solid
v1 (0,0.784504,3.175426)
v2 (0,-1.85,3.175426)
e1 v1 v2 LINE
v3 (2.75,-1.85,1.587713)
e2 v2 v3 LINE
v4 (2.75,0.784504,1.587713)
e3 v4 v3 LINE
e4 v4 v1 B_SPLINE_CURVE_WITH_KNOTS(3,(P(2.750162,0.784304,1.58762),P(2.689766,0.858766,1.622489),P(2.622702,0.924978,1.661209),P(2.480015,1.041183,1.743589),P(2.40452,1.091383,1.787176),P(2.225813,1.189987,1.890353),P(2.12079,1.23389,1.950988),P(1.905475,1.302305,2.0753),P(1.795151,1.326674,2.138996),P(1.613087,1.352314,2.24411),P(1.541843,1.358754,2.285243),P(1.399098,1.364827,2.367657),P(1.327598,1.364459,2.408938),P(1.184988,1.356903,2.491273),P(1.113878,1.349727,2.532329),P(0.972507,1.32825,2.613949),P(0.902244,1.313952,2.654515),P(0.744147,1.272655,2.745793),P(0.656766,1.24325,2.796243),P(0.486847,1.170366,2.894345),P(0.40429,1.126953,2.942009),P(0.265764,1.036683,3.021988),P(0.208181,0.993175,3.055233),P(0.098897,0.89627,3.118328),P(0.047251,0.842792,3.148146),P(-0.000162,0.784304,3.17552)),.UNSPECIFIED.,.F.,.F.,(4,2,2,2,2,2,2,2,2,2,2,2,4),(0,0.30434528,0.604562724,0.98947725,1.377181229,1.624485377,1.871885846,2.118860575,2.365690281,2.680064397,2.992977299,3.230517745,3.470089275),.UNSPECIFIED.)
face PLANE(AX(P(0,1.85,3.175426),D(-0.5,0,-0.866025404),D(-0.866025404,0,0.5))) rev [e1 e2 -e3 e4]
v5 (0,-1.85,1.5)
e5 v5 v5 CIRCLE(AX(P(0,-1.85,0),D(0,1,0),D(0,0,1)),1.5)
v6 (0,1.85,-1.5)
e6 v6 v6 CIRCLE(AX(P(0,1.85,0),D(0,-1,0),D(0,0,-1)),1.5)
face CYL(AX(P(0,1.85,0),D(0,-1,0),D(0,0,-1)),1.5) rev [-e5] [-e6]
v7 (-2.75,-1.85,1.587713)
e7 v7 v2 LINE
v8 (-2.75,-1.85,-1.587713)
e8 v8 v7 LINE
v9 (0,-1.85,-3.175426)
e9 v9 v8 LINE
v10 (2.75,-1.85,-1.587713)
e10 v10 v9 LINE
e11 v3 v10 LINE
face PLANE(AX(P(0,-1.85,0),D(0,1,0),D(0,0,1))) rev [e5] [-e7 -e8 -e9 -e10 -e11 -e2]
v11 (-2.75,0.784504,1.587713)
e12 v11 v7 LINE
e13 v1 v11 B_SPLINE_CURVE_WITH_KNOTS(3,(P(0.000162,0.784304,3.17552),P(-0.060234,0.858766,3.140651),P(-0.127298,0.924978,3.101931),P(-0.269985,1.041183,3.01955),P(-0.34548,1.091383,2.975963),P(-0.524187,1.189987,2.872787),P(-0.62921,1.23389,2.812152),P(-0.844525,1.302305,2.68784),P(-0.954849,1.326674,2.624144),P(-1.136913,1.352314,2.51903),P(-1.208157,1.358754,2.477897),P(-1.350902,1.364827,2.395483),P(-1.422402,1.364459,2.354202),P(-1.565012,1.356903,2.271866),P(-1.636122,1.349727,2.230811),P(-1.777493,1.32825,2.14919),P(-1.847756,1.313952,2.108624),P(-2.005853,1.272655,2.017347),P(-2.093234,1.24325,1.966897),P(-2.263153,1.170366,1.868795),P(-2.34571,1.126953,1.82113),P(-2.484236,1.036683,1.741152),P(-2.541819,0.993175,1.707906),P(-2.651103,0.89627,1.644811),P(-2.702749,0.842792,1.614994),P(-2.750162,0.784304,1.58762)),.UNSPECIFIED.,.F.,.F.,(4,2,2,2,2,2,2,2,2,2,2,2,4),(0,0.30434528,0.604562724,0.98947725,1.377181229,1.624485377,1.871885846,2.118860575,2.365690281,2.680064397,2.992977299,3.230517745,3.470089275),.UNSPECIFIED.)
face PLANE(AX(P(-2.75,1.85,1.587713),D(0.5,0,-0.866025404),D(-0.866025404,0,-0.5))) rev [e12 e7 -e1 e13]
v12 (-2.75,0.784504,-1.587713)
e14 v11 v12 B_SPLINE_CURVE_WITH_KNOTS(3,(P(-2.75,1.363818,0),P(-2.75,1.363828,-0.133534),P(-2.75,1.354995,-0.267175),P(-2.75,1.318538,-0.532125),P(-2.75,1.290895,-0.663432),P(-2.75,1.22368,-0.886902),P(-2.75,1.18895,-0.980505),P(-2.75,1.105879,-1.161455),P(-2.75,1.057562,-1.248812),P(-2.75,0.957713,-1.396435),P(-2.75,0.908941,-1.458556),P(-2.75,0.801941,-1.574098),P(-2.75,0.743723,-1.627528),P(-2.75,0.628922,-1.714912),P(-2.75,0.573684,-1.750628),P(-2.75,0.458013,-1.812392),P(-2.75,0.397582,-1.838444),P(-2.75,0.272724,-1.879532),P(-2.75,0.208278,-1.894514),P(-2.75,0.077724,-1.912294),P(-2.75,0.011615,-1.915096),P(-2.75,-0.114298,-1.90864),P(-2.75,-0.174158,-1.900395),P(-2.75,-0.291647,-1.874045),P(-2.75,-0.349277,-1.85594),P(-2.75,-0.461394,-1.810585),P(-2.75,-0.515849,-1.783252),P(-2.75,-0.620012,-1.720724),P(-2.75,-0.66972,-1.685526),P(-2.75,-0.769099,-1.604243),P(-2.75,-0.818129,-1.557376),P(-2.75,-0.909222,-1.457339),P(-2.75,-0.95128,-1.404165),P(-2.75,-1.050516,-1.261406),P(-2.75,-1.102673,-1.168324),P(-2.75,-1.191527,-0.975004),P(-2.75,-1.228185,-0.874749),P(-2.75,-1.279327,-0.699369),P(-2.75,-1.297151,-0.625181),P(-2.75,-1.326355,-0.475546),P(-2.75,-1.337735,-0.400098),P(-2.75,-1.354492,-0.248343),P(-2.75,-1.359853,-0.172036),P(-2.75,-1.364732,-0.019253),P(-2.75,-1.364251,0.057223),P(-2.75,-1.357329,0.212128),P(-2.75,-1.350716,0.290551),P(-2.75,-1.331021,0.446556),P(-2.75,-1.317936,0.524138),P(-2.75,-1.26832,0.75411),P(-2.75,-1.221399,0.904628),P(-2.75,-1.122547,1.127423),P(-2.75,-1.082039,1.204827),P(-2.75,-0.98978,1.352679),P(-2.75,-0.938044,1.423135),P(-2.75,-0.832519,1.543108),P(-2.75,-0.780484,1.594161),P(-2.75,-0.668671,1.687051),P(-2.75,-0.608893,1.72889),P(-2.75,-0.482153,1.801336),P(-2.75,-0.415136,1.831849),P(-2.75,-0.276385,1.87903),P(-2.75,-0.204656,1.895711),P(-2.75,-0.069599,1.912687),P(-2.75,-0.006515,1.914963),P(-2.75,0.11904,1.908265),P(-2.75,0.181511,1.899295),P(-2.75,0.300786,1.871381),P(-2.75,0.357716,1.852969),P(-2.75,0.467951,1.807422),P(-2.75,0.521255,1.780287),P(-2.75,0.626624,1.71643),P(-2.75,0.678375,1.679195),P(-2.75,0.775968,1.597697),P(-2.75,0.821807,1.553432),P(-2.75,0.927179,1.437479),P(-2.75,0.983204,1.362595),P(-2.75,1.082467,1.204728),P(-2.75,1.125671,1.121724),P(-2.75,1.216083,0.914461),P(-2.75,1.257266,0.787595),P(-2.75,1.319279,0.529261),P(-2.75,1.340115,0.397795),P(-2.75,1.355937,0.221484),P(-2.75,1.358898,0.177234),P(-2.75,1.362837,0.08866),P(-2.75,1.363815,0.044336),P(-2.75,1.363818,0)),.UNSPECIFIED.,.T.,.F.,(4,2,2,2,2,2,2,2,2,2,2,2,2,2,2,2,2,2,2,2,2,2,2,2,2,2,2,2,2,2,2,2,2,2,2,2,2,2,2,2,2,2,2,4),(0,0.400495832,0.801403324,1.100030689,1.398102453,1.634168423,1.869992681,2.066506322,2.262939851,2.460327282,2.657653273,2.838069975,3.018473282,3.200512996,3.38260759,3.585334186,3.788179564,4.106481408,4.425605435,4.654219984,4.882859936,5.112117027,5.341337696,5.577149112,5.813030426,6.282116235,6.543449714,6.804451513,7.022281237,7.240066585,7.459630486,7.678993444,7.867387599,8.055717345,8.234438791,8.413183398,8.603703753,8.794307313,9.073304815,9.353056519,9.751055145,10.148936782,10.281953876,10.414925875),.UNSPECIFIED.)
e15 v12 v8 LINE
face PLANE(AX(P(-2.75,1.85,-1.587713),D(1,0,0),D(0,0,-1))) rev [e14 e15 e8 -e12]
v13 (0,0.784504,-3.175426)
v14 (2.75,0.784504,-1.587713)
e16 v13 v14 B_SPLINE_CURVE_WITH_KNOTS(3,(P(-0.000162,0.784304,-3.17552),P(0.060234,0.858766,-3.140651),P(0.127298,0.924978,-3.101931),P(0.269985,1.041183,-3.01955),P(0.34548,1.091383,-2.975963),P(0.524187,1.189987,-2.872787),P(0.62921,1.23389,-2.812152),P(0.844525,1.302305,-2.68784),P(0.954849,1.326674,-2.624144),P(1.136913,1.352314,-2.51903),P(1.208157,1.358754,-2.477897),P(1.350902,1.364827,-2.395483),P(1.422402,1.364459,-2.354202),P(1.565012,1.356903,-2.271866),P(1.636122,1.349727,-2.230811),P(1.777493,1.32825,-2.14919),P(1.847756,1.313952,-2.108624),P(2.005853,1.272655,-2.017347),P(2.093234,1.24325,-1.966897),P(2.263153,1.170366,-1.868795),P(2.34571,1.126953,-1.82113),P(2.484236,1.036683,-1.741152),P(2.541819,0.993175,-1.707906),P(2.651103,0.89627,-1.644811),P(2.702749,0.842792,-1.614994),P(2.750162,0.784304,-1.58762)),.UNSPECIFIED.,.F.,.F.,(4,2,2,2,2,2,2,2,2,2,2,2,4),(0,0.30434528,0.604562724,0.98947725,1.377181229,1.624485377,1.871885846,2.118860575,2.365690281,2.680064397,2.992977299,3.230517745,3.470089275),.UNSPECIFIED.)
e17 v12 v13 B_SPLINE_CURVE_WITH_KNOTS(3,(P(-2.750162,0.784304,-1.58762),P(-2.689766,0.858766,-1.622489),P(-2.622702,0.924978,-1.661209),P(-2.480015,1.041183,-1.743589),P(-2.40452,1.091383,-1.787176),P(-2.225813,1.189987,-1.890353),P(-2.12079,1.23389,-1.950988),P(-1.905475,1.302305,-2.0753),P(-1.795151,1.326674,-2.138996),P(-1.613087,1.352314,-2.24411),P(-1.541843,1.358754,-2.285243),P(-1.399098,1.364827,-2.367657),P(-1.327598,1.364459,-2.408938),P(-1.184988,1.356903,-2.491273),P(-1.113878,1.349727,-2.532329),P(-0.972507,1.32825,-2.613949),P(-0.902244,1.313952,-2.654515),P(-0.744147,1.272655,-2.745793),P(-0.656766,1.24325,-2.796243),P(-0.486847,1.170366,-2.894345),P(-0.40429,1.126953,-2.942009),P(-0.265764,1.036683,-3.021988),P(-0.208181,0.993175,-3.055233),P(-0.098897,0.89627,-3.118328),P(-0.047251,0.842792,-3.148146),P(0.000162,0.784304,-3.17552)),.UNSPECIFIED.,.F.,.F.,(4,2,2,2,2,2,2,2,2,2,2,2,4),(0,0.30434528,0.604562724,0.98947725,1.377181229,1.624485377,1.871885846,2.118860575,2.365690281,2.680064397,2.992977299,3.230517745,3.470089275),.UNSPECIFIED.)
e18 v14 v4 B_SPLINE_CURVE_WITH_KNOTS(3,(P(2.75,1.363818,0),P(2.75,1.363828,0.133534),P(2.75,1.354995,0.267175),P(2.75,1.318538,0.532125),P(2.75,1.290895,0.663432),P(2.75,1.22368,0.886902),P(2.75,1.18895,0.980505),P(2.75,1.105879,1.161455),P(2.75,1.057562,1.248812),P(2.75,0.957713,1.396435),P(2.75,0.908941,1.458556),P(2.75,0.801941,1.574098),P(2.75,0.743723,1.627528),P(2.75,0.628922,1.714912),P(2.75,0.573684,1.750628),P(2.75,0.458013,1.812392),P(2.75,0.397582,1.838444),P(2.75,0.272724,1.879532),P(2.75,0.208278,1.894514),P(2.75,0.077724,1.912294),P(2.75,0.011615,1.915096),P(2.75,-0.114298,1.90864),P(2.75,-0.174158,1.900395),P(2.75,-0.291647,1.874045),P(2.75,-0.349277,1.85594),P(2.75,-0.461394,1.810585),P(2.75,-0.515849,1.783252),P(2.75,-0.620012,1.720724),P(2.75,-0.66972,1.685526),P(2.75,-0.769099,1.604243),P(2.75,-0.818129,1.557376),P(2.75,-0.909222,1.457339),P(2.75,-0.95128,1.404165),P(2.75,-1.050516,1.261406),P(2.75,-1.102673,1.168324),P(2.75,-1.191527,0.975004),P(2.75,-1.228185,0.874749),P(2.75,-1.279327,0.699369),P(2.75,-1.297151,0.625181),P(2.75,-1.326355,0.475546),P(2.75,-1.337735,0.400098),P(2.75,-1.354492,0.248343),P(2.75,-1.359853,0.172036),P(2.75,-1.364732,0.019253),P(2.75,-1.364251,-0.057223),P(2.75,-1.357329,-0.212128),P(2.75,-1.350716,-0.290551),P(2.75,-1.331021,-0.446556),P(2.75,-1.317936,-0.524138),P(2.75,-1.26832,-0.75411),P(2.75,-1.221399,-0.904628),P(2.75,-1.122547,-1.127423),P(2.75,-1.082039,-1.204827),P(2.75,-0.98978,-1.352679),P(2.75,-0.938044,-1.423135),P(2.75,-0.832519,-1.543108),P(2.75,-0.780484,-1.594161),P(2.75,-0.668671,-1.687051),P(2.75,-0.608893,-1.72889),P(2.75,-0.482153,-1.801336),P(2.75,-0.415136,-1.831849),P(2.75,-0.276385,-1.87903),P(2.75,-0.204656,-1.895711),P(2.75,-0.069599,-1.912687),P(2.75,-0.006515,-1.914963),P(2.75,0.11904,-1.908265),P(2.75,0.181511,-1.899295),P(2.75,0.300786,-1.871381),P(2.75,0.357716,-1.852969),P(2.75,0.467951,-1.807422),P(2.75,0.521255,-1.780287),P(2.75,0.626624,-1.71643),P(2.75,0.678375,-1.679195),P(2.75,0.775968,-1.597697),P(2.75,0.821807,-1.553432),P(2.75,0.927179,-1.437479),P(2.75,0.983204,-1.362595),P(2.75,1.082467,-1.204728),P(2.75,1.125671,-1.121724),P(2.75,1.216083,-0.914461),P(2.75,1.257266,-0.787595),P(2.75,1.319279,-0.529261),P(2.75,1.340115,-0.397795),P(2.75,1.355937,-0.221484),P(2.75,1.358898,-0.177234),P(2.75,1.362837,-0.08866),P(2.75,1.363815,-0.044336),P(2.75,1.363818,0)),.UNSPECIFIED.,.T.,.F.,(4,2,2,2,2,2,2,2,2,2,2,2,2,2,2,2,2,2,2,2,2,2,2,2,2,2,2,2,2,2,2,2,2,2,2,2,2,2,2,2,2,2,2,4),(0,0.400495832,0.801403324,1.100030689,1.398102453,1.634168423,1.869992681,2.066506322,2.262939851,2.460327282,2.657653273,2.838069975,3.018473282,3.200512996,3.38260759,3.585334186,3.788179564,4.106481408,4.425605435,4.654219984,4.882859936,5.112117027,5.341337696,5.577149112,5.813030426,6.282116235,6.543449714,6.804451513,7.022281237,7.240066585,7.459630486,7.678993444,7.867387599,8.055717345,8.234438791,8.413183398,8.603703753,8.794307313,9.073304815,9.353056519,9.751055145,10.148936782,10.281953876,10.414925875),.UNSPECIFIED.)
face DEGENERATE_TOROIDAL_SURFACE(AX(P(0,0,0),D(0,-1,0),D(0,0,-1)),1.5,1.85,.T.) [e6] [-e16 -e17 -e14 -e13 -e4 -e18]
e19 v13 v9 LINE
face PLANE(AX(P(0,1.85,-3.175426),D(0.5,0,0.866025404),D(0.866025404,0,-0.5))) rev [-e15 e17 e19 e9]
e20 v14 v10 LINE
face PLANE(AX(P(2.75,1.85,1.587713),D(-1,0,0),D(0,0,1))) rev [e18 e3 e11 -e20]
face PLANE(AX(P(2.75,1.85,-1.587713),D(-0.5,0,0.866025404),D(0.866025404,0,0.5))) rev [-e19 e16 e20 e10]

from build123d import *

# Parameters (mm, degrees)
SKETCH3_R           = 1.5
BOSS_EXTRUDE1_DEPTH = 1.85


with BuildPart() as part:
    # Sketch3 → Boss-Extrude1 (new, symmetric)
    with BuildSketch(Plane(origin=(0, 0, 0), x_dir=(1, 0, 0), z_dir=(0, 1, 0))):
        Polygon((2.75, 1.58771324), (0, 3.175426481), (-2.75, 1.58771324), (-2.75, -1.58771324), (0, -3.175426481), (2.75, -1.58771324), align=None)
        Circle(SKETCH3_R, mode=Mode.SUBTRACT)
    extrude(amount=BOSS_EXTRUDE1_DEPTH, both=True)

    # Sketch5 → Cut-Revolve1 (revolve, cut)
    with BuildSketch(Plane(origin=(0, 0, 0), x_dir=(0, 0, -1), z_dir=(1, 0, 0))):
        with BuildLine():
            Line((1.5, 1.85), (3.175426481, 1.85))
            Line((3.175426481, 1.85), (3.175426481, 0.784503734))
            ThreePointArc((3.175426481, 0.784503734), (2.492765857, 1.561062444), (1.5, 1.85))
        make_face()
    revolve(axis=Axis((0, 0, 0), (0, 1, 0)), mode=Mode.SUBTRACT)


solid = part.part
